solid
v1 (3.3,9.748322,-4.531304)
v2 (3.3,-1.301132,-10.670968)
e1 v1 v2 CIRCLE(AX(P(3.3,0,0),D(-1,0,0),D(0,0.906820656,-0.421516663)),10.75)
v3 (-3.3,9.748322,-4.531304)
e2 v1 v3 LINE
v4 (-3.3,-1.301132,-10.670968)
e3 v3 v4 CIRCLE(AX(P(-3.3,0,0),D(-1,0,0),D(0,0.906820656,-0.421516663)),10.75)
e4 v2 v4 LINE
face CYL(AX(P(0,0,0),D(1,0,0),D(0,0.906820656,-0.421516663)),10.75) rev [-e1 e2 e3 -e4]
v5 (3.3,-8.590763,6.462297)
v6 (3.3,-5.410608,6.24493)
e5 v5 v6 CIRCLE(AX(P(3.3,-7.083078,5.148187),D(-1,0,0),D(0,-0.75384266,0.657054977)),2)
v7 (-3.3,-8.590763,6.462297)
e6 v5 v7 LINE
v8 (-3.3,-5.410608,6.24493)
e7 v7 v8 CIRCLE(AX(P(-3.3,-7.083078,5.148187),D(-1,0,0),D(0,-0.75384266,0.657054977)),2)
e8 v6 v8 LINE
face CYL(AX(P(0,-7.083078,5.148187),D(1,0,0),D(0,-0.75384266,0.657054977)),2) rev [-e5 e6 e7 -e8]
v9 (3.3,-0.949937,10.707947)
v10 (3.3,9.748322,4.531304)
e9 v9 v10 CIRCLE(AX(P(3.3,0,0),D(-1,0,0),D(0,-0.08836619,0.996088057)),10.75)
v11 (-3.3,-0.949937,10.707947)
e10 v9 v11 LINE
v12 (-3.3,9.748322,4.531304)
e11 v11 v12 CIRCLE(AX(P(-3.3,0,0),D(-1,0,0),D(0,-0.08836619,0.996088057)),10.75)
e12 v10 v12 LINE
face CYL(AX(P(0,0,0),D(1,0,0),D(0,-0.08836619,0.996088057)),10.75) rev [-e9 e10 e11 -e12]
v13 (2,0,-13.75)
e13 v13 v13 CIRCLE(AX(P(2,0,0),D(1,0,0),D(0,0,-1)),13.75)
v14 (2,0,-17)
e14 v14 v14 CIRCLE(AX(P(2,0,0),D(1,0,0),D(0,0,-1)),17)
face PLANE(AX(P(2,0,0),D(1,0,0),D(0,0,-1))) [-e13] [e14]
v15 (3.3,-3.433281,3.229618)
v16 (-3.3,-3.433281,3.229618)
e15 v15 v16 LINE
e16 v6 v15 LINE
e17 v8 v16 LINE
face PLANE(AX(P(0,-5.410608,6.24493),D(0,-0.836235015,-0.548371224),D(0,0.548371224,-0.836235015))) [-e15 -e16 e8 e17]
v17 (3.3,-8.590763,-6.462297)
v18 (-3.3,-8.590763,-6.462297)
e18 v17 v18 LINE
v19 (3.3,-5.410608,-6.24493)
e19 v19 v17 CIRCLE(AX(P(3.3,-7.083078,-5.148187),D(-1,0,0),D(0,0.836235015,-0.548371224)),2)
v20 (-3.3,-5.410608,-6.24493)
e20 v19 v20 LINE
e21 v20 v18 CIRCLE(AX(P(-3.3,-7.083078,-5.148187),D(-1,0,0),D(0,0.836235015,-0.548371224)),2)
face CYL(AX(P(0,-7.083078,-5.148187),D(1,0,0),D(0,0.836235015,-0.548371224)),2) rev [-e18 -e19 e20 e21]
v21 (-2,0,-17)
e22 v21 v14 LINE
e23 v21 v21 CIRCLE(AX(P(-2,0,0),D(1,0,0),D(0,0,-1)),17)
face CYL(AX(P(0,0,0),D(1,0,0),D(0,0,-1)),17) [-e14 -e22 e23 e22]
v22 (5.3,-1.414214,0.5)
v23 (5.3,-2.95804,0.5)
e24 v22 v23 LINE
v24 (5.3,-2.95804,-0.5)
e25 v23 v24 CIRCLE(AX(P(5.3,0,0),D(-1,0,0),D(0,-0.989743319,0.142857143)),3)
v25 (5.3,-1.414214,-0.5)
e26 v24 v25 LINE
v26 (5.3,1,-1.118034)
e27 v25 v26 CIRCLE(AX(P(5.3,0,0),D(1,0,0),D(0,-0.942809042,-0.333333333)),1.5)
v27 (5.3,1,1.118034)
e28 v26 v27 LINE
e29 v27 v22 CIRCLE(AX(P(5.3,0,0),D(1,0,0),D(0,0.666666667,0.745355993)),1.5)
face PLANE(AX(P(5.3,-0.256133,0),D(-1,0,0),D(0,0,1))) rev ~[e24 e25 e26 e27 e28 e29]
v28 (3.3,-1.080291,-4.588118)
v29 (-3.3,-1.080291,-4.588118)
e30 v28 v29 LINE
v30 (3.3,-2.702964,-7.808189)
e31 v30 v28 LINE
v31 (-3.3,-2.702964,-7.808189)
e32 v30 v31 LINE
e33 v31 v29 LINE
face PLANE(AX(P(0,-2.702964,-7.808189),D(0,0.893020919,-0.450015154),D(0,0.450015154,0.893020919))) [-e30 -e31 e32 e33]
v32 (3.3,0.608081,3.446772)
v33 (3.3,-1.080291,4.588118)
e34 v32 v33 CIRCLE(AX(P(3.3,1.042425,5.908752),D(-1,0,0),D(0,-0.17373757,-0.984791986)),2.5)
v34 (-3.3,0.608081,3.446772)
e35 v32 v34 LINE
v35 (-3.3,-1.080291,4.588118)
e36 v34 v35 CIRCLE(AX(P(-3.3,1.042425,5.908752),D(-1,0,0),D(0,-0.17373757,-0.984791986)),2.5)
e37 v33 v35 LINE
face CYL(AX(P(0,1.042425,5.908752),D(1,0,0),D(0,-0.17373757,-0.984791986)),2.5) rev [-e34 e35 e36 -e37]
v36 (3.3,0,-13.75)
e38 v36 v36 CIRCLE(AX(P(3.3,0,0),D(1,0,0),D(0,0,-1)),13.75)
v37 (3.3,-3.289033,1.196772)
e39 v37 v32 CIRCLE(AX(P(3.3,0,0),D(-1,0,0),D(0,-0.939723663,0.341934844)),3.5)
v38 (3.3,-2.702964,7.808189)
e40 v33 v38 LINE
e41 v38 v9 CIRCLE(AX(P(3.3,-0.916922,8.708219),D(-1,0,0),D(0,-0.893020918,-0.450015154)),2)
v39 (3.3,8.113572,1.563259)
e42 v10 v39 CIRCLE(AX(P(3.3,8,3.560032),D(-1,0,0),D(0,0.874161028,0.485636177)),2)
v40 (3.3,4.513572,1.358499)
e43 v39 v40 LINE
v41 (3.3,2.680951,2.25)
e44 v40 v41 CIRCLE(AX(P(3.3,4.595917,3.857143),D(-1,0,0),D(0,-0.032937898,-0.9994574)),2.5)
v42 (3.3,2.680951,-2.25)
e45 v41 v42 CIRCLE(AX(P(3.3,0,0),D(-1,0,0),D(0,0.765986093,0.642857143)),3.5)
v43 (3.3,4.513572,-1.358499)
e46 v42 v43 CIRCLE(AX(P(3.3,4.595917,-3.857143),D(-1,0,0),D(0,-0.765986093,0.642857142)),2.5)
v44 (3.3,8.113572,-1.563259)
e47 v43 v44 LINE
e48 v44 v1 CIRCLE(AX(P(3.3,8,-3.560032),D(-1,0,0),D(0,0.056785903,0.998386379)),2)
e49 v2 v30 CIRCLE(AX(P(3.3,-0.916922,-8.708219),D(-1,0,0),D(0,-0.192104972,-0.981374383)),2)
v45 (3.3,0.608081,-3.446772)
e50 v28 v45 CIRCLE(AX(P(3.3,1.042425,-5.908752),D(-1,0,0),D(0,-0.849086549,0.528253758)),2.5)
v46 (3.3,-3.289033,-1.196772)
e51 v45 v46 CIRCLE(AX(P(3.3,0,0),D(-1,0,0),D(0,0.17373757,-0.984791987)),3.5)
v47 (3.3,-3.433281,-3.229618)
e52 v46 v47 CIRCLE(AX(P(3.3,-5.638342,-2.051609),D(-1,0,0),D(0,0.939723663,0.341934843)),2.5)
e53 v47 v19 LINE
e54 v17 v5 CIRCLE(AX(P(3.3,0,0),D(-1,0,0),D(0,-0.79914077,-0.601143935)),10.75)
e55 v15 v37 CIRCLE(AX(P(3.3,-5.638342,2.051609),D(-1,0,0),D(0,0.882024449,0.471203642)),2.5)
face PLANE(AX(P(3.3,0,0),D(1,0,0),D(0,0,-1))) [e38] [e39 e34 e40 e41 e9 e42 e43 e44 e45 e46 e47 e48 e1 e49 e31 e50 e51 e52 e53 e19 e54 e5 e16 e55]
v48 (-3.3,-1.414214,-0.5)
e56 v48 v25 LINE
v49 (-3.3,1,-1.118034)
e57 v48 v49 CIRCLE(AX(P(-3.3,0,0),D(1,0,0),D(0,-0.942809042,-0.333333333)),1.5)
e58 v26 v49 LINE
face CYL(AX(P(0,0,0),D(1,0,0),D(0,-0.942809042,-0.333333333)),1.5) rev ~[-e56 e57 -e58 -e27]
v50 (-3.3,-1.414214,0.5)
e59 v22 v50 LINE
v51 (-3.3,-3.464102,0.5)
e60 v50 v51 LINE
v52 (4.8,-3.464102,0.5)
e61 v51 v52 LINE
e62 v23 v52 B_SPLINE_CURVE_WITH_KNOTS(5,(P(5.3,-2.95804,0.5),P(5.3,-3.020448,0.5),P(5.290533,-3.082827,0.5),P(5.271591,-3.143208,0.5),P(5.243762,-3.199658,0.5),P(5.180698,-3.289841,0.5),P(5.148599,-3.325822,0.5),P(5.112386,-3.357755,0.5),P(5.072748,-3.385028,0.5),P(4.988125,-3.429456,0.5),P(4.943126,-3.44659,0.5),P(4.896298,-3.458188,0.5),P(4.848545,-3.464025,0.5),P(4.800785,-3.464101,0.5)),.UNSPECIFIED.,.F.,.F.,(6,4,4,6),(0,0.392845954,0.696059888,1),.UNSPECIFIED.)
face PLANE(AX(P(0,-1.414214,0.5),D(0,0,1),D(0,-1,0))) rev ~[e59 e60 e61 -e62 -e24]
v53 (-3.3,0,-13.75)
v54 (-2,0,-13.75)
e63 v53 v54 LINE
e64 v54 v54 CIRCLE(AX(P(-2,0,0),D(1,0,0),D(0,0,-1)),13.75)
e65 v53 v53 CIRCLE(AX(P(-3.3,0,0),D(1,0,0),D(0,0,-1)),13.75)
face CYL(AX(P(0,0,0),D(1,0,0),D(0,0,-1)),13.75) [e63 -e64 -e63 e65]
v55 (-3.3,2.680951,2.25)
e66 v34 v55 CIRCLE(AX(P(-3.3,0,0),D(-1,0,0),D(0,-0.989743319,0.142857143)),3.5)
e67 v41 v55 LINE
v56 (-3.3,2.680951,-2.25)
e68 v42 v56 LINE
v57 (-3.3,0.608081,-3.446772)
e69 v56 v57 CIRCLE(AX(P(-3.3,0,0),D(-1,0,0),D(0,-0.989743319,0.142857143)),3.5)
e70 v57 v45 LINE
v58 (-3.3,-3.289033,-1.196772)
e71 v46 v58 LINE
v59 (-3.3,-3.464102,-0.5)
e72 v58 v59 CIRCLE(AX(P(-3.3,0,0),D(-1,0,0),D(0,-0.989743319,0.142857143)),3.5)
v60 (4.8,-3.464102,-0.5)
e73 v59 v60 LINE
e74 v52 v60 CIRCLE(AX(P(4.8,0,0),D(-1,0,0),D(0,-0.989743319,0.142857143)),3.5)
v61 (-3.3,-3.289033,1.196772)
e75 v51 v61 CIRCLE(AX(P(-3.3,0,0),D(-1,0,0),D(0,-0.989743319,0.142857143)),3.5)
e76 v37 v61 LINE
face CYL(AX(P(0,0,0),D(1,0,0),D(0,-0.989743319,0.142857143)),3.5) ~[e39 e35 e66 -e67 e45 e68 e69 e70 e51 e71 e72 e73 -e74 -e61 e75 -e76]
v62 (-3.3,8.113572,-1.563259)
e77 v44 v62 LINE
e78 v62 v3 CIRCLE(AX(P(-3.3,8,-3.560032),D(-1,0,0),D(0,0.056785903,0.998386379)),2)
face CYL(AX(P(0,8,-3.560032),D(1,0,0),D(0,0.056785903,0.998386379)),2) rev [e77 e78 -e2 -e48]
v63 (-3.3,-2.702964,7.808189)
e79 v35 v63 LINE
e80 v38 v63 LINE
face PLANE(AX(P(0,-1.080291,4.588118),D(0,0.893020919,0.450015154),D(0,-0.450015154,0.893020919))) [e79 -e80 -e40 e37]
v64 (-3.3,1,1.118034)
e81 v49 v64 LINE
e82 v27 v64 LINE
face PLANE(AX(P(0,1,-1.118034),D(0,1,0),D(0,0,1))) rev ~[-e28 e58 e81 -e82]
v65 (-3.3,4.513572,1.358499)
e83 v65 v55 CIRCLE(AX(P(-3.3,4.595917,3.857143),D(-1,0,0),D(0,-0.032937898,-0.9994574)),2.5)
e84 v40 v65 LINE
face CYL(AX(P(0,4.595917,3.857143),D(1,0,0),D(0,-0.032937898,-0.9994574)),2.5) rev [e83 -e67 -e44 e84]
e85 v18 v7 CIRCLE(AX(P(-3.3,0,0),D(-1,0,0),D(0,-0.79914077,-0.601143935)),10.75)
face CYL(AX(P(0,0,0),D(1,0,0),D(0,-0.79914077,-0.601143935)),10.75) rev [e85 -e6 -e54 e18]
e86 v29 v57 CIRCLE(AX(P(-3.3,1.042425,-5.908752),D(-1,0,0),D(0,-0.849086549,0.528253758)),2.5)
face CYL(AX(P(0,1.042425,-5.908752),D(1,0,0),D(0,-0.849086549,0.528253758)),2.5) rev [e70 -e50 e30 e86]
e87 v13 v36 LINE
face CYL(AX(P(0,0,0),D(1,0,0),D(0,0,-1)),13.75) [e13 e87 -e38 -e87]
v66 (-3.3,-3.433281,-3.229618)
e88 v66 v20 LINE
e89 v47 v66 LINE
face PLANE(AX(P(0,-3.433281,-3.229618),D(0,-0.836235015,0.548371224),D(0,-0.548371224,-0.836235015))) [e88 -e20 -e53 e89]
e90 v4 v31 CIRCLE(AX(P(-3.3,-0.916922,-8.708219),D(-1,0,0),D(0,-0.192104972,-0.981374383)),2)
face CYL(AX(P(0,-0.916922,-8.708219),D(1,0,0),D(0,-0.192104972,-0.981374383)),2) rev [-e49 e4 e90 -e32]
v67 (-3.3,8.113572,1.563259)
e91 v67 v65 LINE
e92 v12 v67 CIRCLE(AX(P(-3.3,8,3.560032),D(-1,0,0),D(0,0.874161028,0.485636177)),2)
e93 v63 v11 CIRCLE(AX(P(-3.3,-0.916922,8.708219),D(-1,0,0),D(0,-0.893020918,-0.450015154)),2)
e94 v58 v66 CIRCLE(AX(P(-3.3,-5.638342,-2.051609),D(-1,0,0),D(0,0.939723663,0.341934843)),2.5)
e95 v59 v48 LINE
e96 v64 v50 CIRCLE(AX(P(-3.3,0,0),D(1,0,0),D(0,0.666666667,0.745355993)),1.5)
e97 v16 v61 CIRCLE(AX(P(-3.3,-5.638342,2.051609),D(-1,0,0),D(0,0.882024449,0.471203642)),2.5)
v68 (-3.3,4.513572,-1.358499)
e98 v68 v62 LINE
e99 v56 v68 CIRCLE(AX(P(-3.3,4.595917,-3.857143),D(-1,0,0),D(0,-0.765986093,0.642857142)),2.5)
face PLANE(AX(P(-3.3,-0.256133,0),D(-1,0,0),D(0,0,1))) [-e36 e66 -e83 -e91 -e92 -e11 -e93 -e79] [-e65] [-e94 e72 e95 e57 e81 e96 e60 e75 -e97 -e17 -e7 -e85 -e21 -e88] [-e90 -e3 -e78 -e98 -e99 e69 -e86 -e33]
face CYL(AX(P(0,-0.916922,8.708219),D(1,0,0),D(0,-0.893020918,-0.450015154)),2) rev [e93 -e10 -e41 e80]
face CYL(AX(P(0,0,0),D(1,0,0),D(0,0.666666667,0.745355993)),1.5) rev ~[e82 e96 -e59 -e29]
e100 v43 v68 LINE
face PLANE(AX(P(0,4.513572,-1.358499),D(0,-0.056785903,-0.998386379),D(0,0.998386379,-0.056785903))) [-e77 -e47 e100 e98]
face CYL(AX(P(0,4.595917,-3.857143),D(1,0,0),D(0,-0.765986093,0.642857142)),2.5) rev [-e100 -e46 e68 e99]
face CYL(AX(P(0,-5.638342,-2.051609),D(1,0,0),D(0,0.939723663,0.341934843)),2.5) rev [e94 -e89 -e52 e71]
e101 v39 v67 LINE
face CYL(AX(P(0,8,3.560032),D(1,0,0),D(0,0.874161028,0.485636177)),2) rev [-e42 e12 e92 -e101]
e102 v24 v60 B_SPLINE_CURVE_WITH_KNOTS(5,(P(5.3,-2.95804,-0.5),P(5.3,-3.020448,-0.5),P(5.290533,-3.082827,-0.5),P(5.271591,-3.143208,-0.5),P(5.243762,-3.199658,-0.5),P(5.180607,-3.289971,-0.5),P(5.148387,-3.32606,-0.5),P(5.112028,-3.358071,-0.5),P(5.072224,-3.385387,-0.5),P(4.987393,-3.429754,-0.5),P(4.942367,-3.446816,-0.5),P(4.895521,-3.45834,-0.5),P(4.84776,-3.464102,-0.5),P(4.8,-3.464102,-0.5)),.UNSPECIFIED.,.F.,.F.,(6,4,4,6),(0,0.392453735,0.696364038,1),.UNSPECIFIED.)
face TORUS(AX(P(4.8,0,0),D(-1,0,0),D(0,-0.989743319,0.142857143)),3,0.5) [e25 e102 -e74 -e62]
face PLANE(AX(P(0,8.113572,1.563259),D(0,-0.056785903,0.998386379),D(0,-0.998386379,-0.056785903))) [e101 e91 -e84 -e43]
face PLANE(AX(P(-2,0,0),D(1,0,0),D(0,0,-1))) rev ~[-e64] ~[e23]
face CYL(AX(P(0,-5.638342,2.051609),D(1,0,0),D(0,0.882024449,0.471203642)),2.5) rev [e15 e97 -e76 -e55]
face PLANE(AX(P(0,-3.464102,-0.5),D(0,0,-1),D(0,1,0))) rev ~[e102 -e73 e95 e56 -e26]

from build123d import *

# Parameters (mm, degrees)
RESSALTO_EXTRUS_O1_DEPTH      = 5.3
RESSALTO_EXTRUS_O1_DEPTH_BACK = 3.3
ESBO_O1_3_R                   = 13.75
RESSALTO_EXTRUS_O2_DEPTH      = 3.3
FILETE2_R                     = 0.5
ESBO_O2_R                     = 17
ESBO_O2_R_2                   = 13.75
RESSALTO_EXTRUS_O3_DEPTH      = 2


with BuildPart() as part:
    # Esbo_o1 → Ressalto-extrus_o1 (new body, two sides)
    with BuildSketch(Plane(origin=(0, 0, 0), x_dir=(0, 0, -1), z_dir=(1, 0, 0))) as ressalto_extrus_o1_sk:
        with BuildLine():
            ThreePointArc((0.5, -1.414213562), (1.4531398, -0.37200097), (1.118033989, 1))
            Line((1.118033989, 1), (-1.118033989, 1))
            ThreePointArc((-1.118033989, 1), (-1.4531398, -0.37200097), (-0.5, -1.414213562))
            Line((-0.5, -1.414213562), (-0.5, -3.464101615))
            ThreePointArc((-0.5, -3.464101615), (0, 3.5), (0.5, -3.464101615))
            Line((0.5, -3.464101615), (0.5, -1.414213562))
        make_face()
    extrude(amount=RESSALTO_EXTRUS_O1_DEPTH)
    extrude(ressalto_extrus_o1_sk.sketch, amount=-RESSALTO_EXTRUS_O1_DEPTH_BACK)

    # Esbo_o1_3 → Ressalto-extrus_o2 (add, symmetric)
    with BuildSketch(Plane(origin=(0, 0, 0), x_dir=(0, 0, -1), z_dir=(1, 0, 0))):
        Circle(ESBO_O1_3_R)
        with BuildLine():
            ThreePointArc((3.446771953, 0.608081497), (3.031088913, -1.75), (1.196771953, -3.28903282))
            ThreePointArc((1.196771953, -3.28903282), (2.228560776, -3.144612223), (3.229618168, -3.433280857))
            Line((3.229618168, -3.433280857), (6.244929793, -5.410607922))
            ThreePointArc((6.244929793, -5.410607922), (7.143531761, -6.946693722), (6.462297299, -8.590763273))
            ThreePointArc((6.462297299, -8.590763273), (0, -10.75), (-6.462297299, -8.590763273))
            ThreePointArc((-6.462297299, -8.590763273), (-7.143531761, -6.946693722), (-6.244929793, -5.410607922))
            Line((-6.244929793, -5.410607922), (-3.229618168, -3.433280857))
            ThreePointArc((-3.229618168, -3.433280857), (-2.228560776, -3.144612223), (-1.196771953, -3.28903282))
            ThreePointArc((-1.196771953, -3.28903282), (-3.031088913, -1.75), (-3.446771953, 0.608081497))
            ThreePointArc((-3.446771953, 0.608081497), (-3.837594458, -0.357684134), (-4.588117525, -1.08029095))
            Line((-4.588117525, -1.08029095), (-7.808188807, -2.702963885))
            ThreePointArc((-7.808188807, -2.702963885), (-9.742921821, -2.628468224), (-10.707946608, -0.949936544))
            ThreePointArc((-10.707946608, -0.949936544), (-9.309773091, 5.375), (-4.531304125, 9.748322057))
            ThreePointArc((-4.531304125, 9.748322057), (-2.595140656, 9.751851916), (-1.563259014, 8.113571807))
            Line((-1.563259014, 8.113571807), (-1.358499357, 4.513571807))
            ThreePointArc((-1.358499357, 4.513571807), (-1.609033682, 3.502296357), (-2.25, 2.680951324))
            ThreePointArc((-2.25, 2.680951324), (0, 3.5), (2.25, 2.680951324))
            ThreePointArc((2.25, 2.680951324), (1.609033682, 3.502296357), (1.358499357, 4.513571807))
            Line((1.358499357, 4.513571807), (1.563259014, 8.113571807))
            ThreePointArc((1.563259014, 8.113571807), (2.595140656, 9.751851916), (4.531304125, 9.748322057))
            ThreePointArc((4.531304125, 9.748322057), (9.396801436, 5.221362156), (10.670967882, -1.301131991))
            ThreePointArc((10.670967882, -1.301131991), (9.587779116, -2.713133117), (7.808188807, -2.702963885))
            Line((7.808188807, -2.702963885), (4.588117525, -1.08029095))
            ThreePointArc((4.588117525, -1.08029095), (3.837594458, -0.357684134), (3.446771953, 0.608081497))
        make_face(mode=Mode.SUBTRACT)
    extrude(amount=RESSALTO_EXTRUS_O2_DEPTH, both=True)

    # Filete2
    filete2_edges = [part.edges().sort_by_distance(p)[0] for p in [
        (5.3, 3.5, 0),
    ]]
    fillet(filete2_edges, radius=FILETE2_R)

    # Esbo_o2 → Ressalto-extrus_o3 (add, symmetric)
    with BuildSketch(Plane(origin=(0, 0, 0), x_dir=(0, 0, -1), z_dir=(1, 0, 0))):
        Circle(ESBO_O2_R)
        Circle(ESBO_O2_R_2, mode=Mode.SUBTRACT)
    extrude(amount=RESSALTO_EXTRUS_O3_DEPTH, both=True)


solid = part.part
